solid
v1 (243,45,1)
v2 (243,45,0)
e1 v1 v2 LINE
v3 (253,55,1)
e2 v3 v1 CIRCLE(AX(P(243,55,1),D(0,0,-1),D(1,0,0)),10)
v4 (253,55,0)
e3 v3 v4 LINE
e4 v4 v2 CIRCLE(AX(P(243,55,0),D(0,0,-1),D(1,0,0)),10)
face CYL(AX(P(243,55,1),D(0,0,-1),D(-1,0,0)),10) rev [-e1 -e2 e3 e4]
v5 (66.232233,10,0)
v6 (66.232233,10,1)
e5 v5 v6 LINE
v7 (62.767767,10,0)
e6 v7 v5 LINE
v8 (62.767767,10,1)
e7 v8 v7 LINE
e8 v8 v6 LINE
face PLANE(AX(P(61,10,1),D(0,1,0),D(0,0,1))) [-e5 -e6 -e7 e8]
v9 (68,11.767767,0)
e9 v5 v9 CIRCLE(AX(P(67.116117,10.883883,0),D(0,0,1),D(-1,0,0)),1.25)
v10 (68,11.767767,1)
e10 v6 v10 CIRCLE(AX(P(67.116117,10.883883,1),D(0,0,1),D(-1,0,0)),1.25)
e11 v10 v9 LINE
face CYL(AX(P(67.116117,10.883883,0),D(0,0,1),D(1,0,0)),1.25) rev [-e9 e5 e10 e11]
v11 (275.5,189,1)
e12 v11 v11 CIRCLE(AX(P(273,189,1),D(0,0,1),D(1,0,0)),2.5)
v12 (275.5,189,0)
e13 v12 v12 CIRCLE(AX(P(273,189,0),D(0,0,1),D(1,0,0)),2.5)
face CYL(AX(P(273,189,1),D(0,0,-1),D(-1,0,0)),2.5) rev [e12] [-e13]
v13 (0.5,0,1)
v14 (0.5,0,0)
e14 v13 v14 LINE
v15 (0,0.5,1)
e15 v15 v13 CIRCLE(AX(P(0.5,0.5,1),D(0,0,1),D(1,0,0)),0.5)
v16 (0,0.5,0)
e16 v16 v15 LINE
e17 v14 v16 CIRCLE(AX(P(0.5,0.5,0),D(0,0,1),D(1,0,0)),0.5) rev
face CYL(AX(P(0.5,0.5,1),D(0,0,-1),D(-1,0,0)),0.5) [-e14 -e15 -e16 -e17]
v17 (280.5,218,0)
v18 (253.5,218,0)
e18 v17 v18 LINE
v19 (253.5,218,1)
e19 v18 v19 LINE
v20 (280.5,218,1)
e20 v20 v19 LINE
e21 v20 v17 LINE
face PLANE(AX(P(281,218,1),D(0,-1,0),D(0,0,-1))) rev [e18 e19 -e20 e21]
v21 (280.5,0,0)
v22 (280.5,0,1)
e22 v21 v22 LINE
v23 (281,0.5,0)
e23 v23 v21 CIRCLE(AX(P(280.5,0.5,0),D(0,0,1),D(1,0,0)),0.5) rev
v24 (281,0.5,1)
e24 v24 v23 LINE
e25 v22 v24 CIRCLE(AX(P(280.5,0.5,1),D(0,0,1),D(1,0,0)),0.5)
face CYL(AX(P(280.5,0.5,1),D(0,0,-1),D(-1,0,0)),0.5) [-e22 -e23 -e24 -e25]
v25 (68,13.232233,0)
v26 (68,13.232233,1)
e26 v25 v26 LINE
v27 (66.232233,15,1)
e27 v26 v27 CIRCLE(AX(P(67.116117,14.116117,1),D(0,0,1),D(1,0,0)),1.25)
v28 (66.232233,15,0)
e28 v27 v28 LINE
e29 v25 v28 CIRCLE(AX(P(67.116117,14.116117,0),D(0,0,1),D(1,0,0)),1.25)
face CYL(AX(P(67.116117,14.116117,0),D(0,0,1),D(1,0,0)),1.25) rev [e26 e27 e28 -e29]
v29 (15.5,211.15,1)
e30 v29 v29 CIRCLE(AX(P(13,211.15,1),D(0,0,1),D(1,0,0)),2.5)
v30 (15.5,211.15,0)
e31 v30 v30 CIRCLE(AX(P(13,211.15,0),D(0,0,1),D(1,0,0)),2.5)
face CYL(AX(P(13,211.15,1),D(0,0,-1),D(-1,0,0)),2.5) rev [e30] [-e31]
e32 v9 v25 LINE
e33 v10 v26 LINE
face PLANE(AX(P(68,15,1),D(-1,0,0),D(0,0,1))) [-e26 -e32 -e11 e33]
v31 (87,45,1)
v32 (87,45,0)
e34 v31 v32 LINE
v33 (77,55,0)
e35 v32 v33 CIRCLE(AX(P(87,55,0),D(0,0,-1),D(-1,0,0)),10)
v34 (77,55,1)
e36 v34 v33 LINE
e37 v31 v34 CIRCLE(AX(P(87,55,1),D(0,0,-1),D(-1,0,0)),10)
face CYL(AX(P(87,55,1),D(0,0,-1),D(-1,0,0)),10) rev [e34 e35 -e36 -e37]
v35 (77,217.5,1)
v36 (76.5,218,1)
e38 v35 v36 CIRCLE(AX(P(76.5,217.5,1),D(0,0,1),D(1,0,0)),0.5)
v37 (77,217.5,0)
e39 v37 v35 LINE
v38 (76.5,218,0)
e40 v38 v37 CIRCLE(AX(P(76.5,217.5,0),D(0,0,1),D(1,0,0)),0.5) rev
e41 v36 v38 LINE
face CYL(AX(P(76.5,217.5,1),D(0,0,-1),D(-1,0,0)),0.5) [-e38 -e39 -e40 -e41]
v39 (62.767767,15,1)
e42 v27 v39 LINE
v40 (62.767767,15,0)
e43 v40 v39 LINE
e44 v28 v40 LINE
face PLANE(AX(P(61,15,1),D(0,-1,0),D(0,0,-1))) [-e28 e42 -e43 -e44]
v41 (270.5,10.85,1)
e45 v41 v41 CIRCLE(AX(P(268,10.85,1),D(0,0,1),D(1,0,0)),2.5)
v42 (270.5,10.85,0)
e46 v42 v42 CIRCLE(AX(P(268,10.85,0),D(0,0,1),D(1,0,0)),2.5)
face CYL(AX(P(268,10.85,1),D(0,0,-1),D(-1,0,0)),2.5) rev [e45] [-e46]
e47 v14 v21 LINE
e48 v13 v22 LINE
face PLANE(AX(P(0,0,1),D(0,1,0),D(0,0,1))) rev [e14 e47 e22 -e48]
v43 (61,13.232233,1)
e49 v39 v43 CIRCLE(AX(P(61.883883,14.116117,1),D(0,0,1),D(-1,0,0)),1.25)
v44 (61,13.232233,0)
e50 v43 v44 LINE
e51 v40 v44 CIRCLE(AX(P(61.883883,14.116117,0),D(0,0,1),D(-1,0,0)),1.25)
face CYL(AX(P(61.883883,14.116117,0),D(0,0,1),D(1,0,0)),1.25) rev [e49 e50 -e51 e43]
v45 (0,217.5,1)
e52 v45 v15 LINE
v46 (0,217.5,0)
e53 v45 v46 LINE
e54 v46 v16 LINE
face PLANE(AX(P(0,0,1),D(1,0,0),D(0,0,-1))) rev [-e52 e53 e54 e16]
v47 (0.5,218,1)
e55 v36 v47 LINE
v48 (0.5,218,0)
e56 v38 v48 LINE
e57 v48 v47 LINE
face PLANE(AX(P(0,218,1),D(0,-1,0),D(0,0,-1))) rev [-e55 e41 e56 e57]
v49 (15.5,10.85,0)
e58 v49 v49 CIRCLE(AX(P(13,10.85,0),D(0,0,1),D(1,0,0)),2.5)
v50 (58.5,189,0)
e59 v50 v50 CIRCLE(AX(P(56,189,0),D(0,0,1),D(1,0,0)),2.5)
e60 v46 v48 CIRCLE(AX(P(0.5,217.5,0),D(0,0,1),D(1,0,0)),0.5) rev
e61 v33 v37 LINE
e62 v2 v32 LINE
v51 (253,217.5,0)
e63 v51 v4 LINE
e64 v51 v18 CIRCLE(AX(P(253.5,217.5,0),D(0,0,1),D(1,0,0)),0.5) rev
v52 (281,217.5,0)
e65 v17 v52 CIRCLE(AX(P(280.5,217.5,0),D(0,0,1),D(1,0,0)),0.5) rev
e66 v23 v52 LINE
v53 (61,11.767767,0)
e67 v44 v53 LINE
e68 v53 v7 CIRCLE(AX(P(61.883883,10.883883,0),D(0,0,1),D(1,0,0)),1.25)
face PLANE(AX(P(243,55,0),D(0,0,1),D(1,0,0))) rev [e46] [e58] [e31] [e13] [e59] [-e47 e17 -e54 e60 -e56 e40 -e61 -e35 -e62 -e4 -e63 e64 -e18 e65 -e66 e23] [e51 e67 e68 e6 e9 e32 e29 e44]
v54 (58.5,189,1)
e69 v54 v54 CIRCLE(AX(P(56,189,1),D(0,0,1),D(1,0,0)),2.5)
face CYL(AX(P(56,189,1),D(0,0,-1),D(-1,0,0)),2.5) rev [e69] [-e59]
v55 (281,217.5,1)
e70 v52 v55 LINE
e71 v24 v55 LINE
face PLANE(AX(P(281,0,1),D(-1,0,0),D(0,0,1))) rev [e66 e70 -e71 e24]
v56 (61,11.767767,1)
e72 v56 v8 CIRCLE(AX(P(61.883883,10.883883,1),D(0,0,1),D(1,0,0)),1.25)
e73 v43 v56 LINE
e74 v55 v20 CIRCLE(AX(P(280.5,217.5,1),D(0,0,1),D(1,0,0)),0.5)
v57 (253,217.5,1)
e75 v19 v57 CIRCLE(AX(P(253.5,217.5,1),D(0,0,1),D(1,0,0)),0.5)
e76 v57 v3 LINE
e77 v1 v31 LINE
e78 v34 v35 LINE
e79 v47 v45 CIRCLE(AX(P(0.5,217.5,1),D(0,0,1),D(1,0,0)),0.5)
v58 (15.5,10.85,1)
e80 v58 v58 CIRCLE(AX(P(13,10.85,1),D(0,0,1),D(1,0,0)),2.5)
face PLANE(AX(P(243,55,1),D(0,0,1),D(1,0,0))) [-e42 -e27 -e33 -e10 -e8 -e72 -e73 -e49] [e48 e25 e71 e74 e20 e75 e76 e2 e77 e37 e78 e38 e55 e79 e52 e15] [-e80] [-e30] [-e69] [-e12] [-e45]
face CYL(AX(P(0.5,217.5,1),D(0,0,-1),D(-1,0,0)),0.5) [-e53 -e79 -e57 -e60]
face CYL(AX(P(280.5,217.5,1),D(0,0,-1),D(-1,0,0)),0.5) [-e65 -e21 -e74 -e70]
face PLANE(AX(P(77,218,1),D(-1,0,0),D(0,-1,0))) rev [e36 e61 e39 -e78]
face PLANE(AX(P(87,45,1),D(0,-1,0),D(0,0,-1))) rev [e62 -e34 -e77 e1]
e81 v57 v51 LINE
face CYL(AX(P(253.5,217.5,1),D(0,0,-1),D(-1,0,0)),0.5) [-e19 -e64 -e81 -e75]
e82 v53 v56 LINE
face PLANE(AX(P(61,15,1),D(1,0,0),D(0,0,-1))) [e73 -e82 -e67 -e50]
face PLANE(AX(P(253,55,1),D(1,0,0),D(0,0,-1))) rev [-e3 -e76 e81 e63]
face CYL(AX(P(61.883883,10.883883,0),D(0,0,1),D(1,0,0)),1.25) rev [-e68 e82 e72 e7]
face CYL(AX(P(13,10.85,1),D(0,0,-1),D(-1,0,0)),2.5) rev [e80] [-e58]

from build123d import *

# Parameters (mm, degrees)
SKETCH1_R                     = 2.5
SKETCH1_W                     = 7
SKETCH1_H                     = 5
F_1MM_STAINLESS_STEAL_DEPTH   = 1
SKETCH3_R                     = 1.25
CUT_EXTRUDE2_DEPTH            = 356.648703077
FILLET2_1MM_STAINLESS_STEAL_R = 0.5


with BuildPart() as part:
    # Sketch1 → 1mm Stainless_Steal (new body)
    with BuildSketch(Plane.XY):
        with BuildLine():
            Line((77, 218), (77, 55))
            ThreePointArc((77, 55), (79.928932188, 47.928932188), (87, 45))
            Line((87, 45), (243, 45))
            ThreePointArc((243, 45), (250.071067812, 47.928932188), (253, 55))
            Line((253, 55), (253, 218))
            Line((253, 218), (281, 218))
            Line((281, 218), (281, 0))
            Line((281, 0), (0, 0))
            Line((0, 0), (0, 218))
            Line((0, 218), (77, 218))
        make_face()
        with Locations((13, 10.85)):
            Circle(SKETCH1_R, mode=Mode.SUBTRACT)
        with Locations((13, 211.15)):
            Circle(SKETCH1_R, mode=Mode.SUBTRACT)
        with Locations((56, 189)):
            Circle(SKETCH1_R, mode=Mode.SUBTRACT)
        with Locations((268, 10.85)):
            Circle(SKETCH1_R, mode=Mode.SUBTRACT)
        with Locations((273, 189)):
            Circle(SKETCH1_R, mode=Mode.SUBTRACT)
        with Locations((64.5, 12.5)):
            Rectangle(SKETCH1_W, SKETCH1_H, mode=Mode.SUBTRACT)
    extrude(amount=F_1MM_STAINLESS_STEAL_DEPTH)

    # Sketch3 → Cut-Extrude2 (cut, through all)
    with BuildSketch(Plane.XY.offset(1)):
        with Locations((61.883883476, 14.116116524)):
            Circle(SKETCH3_R)
        with Locations((67.116116524, 10.883883476)):
            Circle(SKETCH3_R)
        with Locations((67.116116524, 14.116116524)):
            Circle(SKETCH3_R)
        with Locations((61.883883476, 10.883883476)):
            Circle(SKETCH3_R)
    extrude(amount=-CUT_EXTRUDE2_DEPTH, mode=Mode.SUBTRACT)

    # Fillet2_1mm_Stainless_Steal
    fillet2_1mm_stainless_steal_edges = [part.edges().sort_by_distance(p)[0] for p in [
        (253, 218, 0.5),
        (281, 218, 0.5),
        (281, 0, 0.5),
        (0, 0, 0.5),
        (0, 218, 0.5),
        (77, 218, 0.5),
    ]]
    fillet(fillet2_1mm_stainless_steal_edges, radius=FILLET2_1MM_STAINLESS_STEAL_R)


solid = part.part
